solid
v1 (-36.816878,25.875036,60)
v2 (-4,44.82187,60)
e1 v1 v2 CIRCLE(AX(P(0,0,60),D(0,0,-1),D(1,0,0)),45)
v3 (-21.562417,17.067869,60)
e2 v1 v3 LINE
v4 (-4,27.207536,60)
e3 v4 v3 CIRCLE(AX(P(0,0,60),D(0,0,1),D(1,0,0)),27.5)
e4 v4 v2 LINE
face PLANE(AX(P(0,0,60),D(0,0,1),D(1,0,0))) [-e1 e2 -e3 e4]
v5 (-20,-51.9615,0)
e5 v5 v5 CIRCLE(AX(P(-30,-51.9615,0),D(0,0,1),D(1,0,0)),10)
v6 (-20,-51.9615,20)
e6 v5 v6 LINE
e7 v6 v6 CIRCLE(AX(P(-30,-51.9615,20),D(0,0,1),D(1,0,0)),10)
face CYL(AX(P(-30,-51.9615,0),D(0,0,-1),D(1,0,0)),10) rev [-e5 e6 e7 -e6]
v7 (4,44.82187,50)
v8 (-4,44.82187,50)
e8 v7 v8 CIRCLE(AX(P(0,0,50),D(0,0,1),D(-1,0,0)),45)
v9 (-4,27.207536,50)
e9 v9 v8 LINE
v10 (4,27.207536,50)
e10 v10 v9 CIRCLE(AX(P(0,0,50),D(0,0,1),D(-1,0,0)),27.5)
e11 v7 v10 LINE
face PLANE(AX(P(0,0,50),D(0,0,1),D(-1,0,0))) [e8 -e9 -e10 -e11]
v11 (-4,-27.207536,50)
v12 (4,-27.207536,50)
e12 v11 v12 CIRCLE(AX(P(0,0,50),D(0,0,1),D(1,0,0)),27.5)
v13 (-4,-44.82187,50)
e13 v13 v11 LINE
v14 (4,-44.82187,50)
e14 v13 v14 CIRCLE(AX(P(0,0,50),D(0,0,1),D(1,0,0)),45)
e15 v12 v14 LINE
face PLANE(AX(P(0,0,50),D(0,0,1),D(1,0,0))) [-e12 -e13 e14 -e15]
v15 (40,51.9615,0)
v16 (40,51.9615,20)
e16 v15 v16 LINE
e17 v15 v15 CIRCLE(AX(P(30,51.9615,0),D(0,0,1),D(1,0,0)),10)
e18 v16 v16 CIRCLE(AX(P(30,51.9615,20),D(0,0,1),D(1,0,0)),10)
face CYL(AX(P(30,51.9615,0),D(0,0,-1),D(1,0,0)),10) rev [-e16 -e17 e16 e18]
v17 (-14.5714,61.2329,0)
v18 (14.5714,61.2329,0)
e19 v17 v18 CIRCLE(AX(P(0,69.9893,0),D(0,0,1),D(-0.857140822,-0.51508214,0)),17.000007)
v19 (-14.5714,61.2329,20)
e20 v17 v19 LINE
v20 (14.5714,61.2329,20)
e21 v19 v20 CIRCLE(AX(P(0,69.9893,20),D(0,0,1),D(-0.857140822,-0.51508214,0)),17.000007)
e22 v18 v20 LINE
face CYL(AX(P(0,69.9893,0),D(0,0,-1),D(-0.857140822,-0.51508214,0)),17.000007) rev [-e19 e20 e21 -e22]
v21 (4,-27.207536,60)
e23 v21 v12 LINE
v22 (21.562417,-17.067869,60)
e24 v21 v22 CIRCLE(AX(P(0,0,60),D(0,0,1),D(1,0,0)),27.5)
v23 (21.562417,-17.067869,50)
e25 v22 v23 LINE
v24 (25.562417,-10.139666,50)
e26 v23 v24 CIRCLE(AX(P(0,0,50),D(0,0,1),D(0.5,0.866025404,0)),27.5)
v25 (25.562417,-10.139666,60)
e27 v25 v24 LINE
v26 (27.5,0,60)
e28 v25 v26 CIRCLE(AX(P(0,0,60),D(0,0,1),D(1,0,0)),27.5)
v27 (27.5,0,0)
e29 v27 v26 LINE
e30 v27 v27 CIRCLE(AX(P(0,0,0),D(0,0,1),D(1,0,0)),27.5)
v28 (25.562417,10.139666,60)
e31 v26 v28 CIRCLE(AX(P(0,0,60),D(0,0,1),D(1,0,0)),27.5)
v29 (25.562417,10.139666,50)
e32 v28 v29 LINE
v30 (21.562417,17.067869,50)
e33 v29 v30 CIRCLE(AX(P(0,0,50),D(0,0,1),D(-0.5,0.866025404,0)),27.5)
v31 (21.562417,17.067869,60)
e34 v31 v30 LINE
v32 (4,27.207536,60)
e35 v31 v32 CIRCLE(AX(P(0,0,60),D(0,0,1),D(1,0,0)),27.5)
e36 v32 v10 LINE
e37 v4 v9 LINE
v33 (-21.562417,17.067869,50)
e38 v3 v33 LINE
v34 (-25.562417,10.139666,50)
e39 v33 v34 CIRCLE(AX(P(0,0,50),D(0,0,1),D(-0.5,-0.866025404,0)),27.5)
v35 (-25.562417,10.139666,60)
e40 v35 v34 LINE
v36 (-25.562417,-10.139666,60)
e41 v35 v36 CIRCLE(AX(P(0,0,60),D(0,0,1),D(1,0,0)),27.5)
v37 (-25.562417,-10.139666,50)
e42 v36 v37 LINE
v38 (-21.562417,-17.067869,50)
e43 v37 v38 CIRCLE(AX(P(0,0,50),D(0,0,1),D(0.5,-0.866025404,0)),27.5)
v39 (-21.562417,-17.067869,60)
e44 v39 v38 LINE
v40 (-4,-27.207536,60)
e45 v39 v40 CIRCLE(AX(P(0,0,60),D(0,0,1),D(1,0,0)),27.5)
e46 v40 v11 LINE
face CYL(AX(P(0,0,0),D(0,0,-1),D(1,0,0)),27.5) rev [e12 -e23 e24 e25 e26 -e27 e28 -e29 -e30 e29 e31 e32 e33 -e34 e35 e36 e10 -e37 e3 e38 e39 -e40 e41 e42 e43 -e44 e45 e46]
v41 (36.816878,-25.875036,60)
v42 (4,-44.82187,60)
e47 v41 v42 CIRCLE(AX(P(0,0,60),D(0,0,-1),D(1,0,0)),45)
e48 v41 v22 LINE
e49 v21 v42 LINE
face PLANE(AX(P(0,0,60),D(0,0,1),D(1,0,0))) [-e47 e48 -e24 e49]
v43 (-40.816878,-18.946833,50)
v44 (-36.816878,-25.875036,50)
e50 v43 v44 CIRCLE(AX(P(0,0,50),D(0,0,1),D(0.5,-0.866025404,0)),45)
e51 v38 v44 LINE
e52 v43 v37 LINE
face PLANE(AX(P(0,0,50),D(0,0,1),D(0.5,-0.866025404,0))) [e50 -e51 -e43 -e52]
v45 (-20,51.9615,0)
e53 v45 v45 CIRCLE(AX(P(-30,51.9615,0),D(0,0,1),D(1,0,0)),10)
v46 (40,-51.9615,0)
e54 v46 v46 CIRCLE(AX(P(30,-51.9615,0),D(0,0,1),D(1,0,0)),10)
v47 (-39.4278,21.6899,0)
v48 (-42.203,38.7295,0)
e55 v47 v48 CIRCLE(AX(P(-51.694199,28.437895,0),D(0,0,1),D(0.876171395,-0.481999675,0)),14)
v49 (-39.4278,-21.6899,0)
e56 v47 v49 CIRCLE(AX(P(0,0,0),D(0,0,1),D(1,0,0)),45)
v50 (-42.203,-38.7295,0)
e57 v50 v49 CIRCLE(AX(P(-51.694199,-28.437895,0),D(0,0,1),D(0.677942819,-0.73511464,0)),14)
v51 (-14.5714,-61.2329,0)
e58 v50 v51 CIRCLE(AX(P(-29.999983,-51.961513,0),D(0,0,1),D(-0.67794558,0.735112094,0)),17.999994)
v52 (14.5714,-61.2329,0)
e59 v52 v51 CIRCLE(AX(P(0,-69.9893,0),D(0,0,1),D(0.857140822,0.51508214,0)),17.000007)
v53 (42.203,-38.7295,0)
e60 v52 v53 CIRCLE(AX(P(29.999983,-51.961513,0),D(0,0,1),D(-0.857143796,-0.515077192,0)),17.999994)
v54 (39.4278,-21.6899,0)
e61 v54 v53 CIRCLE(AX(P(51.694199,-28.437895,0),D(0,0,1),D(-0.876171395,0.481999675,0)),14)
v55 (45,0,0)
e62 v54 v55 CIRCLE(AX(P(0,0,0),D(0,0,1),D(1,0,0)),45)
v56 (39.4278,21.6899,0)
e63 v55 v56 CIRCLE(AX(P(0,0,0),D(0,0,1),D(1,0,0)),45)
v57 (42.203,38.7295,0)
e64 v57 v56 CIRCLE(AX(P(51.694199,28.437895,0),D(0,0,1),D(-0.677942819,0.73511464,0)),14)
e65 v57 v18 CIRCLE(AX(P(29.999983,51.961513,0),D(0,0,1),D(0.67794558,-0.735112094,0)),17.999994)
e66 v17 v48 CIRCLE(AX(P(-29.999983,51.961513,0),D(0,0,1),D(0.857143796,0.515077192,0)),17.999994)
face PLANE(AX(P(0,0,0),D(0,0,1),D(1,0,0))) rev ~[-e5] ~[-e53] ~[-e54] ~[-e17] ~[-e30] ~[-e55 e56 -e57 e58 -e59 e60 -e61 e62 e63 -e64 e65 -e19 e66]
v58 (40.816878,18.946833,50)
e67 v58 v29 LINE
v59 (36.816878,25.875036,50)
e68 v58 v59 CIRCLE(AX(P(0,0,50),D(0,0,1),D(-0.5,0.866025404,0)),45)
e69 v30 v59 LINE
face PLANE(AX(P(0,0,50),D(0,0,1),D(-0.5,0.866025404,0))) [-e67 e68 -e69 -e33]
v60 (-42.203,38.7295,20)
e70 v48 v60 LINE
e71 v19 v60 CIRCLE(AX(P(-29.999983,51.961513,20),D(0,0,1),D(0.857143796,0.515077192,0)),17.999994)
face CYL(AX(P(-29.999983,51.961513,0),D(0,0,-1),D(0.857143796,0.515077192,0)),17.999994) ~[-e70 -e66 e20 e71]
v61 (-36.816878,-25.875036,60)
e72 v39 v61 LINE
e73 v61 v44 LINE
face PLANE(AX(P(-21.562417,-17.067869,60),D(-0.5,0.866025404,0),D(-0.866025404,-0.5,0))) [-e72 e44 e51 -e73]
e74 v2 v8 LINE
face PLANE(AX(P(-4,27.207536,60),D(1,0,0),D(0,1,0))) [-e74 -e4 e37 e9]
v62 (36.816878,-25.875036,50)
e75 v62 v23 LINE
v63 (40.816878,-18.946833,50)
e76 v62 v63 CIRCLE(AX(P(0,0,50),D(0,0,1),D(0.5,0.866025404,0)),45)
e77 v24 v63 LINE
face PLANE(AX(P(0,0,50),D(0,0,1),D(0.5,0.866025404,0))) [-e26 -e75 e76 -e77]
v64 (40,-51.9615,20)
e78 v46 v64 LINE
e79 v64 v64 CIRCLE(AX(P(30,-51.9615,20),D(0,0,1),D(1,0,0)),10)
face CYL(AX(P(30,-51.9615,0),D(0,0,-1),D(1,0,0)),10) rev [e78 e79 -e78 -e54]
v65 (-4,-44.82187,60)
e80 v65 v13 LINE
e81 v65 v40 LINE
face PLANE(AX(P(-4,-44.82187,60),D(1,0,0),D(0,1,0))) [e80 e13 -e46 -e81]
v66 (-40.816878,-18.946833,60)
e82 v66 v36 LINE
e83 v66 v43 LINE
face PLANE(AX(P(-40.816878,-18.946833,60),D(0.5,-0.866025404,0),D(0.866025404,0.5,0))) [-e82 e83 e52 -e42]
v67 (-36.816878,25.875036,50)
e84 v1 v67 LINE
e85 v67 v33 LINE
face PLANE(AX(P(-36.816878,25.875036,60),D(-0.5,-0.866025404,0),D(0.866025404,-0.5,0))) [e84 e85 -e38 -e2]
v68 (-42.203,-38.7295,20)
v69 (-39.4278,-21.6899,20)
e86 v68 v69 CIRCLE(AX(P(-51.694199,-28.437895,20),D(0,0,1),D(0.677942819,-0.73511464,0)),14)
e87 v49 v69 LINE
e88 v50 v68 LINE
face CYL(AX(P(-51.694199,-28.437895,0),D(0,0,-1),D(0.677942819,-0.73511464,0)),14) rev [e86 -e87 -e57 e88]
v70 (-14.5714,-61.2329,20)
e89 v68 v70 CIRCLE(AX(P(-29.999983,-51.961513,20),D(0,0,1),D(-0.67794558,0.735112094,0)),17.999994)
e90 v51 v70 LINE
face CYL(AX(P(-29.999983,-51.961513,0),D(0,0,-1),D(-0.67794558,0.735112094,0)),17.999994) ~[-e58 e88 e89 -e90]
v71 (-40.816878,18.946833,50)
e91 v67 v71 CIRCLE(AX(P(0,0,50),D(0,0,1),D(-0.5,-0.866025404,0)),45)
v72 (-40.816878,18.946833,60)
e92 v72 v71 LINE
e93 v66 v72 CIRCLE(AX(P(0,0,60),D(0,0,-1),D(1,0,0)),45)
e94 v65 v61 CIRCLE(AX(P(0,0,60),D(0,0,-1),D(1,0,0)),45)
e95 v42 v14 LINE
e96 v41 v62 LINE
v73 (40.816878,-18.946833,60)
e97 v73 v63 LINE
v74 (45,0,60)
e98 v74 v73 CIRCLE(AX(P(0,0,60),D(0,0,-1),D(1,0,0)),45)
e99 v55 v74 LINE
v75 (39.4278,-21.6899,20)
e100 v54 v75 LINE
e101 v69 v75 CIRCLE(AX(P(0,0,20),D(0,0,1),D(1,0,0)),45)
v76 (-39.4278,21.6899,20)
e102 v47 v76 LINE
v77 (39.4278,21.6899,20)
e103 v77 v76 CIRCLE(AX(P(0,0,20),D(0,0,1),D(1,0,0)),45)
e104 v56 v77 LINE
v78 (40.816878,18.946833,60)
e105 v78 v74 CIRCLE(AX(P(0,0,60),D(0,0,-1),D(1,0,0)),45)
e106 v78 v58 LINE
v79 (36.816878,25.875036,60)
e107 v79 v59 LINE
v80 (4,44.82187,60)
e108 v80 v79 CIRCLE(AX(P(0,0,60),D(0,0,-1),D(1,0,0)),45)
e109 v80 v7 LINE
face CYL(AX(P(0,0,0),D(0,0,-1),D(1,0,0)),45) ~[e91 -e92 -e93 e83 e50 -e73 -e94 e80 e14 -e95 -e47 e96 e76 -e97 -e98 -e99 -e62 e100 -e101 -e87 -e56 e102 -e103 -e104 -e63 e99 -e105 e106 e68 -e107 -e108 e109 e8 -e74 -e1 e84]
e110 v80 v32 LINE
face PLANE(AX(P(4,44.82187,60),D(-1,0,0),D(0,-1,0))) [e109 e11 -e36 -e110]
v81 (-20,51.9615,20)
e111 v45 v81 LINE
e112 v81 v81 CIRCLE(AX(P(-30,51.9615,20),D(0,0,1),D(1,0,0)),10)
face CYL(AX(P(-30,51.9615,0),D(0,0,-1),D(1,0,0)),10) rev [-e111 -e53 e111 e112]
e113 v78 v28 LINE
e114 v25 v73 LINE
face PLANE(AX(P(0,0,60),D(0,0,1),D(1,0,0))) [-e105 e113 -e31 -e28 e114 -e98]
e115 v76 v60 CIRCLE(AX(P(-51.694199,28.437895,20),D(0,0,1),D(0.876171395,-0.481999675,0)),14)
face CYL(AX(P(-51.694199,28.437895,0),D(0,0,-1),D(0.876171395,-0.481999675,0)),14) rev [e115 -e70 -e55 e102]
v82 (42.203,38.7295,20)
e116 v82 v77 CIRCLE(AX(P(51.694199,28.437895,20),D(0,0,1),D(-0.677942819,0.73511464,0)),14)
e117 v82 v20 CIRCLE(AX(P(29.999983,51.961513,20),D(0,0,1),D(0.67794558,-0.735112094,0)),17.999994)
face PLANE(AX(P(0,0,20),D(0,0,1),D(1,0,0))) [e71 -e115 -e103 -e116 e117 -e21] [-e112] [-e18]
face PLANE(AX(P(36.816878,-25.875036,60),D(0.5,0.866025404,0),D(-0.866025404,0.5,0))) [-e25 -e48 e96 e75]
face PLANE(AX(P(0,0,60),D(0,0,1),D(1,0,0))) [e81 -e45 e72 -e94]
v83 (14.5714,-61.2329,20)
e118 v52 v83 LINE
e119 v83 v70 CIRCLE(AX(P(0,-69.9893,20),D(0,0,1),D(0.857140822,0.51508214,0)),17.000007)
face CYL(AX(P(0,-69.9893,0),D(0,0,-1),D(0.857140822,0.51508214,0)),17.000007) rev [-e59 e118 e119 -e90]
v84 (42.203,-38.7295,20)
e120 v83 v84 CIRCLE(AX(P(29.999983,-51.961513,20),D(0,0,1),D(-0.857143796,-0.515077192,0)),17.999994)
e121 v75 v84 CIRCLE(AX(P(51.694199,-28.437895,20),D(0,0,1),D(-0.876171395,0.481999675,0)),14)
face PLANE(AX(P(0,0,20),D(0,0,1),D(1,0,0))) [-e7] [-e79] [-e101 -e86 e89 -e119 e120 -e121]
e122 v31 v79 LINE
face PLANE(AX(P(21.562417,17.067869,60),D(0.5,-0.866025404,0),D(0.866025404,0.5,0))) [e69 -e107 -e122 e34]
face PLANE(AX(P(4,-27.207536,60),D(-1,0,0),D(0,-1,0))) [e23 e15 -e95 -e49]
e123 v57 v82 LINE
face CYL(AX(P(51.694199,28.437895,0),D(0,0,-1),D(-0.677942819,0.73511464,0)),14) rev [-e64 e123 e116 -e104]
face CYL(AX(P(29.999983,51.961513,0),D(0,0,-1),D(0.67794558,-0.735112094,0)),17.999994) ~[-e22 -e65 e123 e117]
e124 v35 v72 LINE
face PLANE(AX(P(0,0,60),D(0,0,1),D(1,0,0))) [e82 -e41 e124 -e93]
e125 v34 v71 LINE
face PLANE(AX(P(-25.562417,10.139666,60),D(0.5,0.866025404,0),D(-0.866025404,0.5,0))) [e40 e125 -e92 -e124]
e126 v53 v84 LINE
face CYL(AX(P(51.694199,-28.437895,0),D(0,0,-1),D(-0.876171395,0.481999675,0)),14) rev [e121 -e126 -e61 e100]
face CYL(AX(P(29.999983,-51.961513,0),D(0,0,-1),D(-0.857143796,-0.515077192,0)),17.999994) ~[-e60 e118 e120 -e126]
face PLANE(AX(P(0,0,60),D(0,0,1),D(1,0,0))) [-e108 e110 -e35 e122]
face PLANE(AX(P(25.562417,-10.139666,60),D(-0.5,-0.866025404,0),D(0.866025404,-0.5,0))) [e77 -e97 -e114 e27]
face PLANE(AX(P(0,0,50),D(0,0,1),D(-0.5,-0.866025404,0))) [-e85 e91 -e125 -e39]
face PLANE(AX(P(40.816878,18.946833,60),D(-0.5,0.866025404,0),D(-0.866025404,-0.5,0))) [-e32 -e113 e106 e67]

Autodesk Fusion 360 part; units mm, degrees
sketch "Sketch1" plane through (0, 0, 0) normal (0, 0, 1) x (1, 0, 0)
  circle A0 centre (0, 0) radius 27.5
  circle A1 centre (0, 0) radius 45
  line L0 (0, 0) -> (0, 76.7772) construction
  line L1 (0, 0) -> (75, 0) construction
  circle A2 centre (-30, 51.9615) radius 10
  circle A3 centre (30, 51.9615) radius 10
  arc A4 (-14.5714, 61.2329) -> (14.5714, 61.2329) centre (0, 69.9893) ccw
  arc A5 (-39.4278, 21.6899) -> (-42.203, 38.7295) centre (-51.6942, 28.4379) ccw
  arc A6 (42.203, 38.7295) -> (39.4278, 21.6899) centre (51.6942, 28.4379) ccw
  arc A7 (42.203, 38.7295) -> (14.5714, 61.2329) centre (30, 51.9615) ccw
  arc A8 (-14.5714, 61.2329) -> (-42.203, 38.7295) centre (-30, 51.9615) ccw
  line L2 (0, 0) -> (-13.75, 23.8157) construction
  line L3 (-21, 36.3731) -> (-39.3324, 68.1256) construction
  arc A9 (-42.203, -38.7295) -> (-39.4278, -21.6899) centre (-51.6942, -28.4379) ccw
  arc A10 (-42.203, -38.7295) -> (-14.5714, -61.2329) centre (-30, -51.9615) ccw
  arc A11 (14.5714, -61.2329) -> (42.203, -38.7295) centre (30, -51.9615) ccw
  arc A12 (39.4278, -21.6899) -> (42.203, -38.7295) centre (51.6942, -28.4379) ccw
  arc A13 (14.5714, -61.2329) -> (-14.5714, -61.2329) centre (0, -69.9893) ccw
  circle A14 centre (30, -51.9615) radius 10
  circle A15 centre (-30, -51.9615) radius 10
  dimension "d1" = 55
  dimension "d2" = 90
  dimension "d3" = 30
  dimension "d4" = 20
  dimension "d5" = 36
  dimension "d6" = 60
  dimension "d7" = 17
  dimension "d8" = 14
extrude "Extrude1" add sketch "Sketch1" along normal blind 20 contours A1 A4 A5 A6 A7 A8 | A1 A9 A10 A11 A12 A13 makes body 1 at (-33.2239, 30.3508, 13.3333) makes body 2 at (37.1945, -25.3292, 13.3333)
extrude "Extrude2" add sketch "Sketch1" along normal blind 60 contours A1 bodies 1 2
sketch "Sketch2" plane through (0, 0, 60) normal (0, 0, 1) x (-1, 0, 0)
  circle A0 centre (0, 0) radius 27.5
  circle A1 centre (0, 0) radius 45
  line L0 (-4, -22.5) -> (4, -22.5)
  line L1 (4, -22.5) -> (4, -47.5)
  line L2 (4, -47.5) -> (-4, -47.5)
  line L3 (-4, -47.5) -> (-4, -22.5)
  line L4 (-4, -22.5) -> (4, -47.5) construction
  line L5 (4, -22.5) -> (-4, -47.5) construction
  point P0 (0, -35)
  dimension "d13" = 8
  dimension "d14" = 25
extrude "Extrude3" cut sketch "Sketch2" against normal blind 10 contours A0 A1 L1 L3 picked at (-3.1125, -33.1656) bodies 1
pattern_circular "C-Pattern1" count 6 over 360 about axis through (0, 0, 60) along (0, 0, 1) of "Extrude3"
